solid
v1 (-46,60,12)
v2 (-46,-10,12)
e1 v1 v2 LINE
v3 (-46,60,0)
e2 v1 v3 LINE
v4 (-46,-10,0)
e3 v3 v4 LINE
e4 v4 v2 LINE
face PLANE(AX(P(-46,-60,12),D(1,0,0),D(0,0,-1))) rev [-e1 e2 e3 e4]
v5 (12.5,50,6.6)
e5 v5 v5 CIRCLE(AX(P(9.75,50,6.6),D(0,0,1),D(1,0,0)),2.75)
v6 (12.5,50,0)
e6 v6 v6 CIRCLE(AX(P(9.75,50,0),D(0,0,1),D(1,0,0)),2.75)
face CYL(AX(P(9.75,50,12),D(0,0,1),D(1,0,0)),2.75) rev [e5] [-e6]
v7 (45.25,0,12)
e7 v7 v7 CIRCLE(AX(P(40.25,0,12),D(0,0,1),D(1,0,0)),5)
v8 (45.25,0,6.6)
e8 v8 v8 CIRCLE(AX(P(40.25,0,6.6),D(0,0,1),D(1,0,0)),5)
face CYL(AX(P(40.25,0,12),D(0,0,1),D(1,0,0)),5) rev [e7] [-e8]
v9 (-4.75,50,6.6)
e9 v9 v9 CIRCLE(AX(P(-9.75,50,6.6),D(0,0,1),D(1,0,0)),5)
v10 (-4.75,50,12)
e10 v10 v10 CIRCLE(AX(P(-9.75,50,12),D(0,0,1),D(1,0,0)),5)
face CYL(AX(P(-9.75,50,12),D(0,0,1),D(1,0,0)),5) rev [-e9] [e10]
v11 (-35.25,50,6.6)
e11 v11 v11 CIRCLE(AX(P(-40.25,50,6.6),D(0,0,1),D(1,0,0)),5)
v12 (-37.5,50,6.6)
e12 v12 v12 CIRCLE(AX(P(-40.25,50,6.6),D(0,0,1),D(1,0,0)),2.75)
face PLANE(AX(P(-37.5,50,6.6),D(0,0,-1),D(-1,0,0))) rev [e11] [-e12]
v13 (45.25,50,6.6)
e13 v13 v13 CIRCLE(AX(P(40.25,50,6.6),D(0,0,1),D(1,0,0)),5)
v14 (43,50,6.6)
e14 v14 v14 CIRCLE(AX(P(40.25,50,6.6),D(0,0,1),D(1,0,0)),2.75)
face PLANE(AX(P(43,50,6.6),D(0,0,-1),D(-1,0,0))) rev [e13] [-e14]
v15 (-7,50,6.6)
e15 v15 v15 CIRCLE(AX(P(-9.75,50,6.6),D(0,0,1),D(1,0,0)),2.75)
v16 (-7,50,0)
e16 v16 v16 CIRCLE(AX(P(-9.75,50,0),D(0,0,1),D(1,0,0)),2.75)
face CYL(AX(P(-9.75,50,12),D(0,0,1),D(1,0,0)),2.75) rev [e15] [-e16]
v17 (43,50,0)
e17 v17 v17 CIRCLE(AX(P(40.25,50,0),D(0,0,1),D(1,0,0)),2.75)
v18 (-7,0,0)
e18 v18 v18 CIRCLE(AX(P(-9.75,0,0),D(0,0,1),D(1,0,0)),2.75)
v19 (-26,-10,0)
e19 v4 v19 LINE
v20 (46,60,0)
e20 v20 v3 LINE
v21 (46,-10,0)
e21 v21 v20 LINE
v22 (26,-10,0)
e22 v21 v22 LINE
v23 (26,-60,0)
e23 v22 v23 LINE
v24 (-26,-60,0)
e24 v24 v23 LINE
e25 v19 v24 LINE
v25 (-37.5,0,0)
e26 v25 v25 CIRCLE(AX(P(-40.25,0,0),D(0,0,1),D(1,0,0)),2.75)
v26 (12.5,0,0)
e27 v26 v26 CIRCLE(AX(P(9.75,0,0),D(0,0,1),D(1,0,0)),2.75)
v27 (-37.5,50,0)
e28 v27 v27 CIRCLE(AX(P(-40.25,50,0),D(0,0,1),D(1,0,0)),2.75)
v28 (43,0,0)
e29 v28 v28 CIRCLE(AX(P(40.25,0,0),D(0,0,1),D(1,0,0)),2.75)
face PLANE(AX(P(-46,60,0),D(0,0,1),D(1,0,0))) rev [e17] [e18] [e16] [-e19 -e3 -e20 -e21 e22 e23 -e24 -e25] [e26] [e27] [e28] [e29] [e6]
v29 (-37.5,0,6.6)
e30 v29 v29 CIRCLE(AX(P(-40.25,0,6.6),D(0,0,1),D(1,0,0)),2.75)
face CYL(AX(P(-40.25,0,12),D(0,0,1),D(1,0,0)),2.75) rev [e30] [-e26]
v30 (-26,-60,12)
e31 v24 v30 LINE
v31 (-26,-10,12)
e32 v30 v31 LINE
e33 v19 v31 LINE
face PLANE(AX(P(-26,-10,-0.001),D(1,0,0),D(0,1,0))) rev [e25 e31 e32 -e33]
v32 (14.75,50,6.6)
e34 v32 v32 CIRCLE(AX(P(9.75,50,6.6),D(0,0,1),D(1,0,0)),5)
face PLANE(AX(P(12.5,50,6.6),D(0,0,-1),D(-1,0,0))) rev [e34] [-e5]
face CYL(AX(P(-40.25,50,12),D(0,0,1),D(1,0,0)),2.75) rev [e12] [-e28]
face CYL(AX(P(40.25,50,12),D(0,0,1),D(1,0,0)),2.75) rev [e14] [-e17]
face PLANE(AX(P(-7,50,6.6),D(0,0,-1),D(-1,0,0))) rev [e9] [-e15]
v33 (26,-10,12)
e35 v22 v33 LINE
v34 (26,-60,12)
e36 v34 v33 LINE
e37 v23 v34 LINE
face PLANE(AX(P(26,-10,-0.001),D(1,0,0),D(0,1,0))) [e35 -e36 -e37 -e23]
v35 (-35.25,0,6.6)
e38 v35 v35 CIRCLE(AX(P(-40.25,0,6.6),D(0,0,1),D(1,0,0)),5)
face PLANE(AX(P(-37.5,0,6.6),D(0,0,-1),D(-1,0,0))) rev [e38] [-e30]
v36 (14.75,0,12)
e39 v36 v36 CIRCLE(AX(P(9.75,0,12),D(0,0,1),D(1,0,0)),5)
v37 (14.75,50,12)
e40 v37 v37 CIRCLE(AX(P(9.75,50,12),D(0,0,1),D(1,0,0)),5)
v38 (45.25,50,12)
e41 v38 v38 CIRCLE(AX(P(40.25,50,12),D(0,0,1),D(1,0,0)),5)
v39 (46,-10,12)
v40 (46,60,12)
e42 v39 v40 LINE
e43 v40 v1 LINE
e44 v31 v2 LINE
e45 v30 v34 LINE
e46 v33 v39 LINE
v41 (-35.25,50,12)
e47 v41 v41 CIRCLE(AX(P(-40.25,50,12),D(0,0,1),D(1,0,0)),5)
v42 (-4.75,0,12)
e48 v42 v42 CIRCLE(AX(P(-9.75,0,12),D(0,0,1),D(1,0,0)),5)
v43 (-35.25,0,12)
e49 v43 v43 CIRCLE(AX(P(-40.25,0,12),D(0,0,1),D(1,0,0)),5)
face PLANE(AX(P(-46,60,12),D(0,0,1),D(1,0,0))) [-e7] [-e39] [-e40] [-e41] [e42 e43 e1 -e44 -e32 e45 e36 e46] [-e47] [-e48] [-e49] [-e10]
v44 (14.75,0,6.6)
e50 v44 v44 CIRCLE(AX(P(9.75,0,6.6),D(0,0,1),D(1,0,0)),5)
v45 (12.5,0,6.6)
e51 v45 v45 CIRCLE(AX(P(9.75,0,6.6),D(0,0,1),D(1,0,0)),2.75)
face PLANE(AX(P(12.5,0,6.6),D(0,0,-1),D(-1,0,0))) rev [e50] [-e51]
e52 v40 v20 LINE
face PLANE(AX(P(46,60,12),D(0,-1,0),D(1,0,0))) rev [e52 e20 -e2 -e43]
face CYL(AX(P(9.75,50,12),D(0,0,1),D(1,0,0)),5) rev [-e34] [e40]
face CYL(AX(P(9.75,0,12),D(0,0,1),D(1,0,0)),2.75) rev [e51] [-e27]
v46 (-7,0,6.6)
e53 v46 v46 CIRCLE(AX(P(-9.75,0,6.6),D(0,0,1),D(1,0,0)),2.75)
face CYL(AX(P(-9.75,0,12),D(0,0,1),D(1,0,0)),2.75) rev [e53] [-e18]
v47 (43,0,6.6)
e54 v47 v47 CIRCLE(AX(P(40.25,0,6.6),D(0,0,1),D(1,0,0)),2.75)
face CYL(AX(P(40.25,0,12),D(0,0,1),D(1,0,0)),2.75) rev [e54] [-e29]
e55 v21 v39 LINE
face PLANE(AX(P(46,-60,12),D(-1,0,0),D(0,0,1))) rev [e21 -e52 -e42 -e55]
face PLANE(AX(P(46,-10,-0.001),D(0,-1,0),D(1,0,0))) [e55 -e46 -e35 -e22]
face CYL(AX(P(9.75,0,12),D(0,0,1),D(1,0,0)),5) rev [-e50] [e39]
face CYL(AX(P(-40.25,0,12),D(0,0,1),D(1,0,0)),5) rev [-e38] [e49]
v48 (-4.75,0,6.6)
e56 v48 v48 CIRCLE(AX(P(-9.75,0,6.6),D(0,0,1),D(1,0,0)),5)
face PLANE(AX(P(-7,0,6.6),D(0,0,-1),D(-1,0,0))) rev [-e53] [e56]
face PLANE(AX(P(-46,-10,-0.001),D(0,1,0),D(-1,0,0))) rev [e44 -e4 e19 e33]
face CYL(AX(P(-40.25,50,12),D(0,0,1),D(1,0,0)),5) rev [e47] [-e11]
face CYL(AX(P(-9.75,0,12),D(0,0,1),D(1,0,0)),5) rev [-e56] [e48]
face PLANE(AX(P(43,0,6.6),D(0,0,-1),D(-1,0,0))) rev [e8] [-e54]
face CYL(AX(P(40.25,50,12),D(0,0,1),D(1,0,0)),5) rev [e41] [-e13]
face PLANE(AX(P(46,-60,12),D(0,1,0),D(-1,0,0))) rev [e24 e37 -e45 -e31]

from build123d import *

# Parameters (mm, degrees)
SKETCH1_W                                           = 92
SKETCH1_H                                           = 120
BOSS_EXTRUDE1_DEPTH                                 = 12
CBORE_FOR_M5_HEX_SOCKET_HEAD_CAP_SCREW1_D           = 5.5
CBORE_FOR_M5_HEX_SOCKET_HEAD_CAP_SCREW1_CBORE_D     = 10
CBORE_FOR_M5_HEX_SOCKET_HEAD_CAP_SCREW1_CBORE_DEPTH = 5.4
CUT_EXTRUDE1_REACH                                  = 78.551
SKETCH4_W                                           = 20
SKETCH4_H                                           = 50


with BuildPart() as part:
    # Sketch1 → Boss-Extrude1 (new body)
    with BuildSketch(Plane.XY):
        Rectangle(SKETCH1_W, SKETCH1_H)
    extrude(amount=BOSS_EXTRUDE1_DEPTH)

    # CBORE for M5 Hex Socket Head Cap Screw1 (through all)
    with Locations(Plane.XY.offset(12)):
        with Locations((-40.25, 50), (-9.75, 50), (-9.75, 0), (-40.25, 0)):
            cbore_for_m5_hex_socket_head_cap_screw1 = CounterBoreHole(CBORE_FOR_M5_HEX_SOCKET_HEAD_CAP_SCREW1_D / 2, CBORE_FOR_M5_HEX_SOCKET_HEAD_CAP_SCREW1_CBORE_D / 2, CBORE_FOR_M5_HEX_SOCKET_HEAD_CAP_SCREW1_CBORE_DEPTH)

    # Mirror1: CBORE for M5 Hex Socket Head Cap Screw1 across plane
    add(cbore_for_m5_hex_socket_head_cap_screw1.mirror(Plane(origin=(0, 0, 0), x_dir=(0, 0, 1), z_dir=(1, 0, 0))), mode=Mode.SUBTRACT)

    # Sketch4 → Cut-Extrude1 (cut, up to next)
    with BuildSketch(Plane.XY.offset(12), mode=Mode.PRIVATE) as cut_extrude1_sk1:
        with Locations((-36, -35)):
            Rectangle(SKETCH4_W, SKETCH4_H)
    cut_extrude1_tool1 = extrude(cut_extrude1_sk1.sketch, amount=-CUT_EXTRUDE1_REACH, mode=Mode.PRIVATE) & part.part
    cut_extrude1 = cut_extrude1_tool1.solids().sort_by_distance((-36, -35, 12))[0]
    add(cut_extrude1, mode=Mode.SUBTRACT)

    # Mirror2: Cut-Extrude1 across plane
    add(cut_extrude1.mirror(Plane(origin=(0, 0, 0), x_dir=(0, 0, 1), z_dir=(1, 0, 0))), mode=Mode.SUBTRACT)


solid = part.part
